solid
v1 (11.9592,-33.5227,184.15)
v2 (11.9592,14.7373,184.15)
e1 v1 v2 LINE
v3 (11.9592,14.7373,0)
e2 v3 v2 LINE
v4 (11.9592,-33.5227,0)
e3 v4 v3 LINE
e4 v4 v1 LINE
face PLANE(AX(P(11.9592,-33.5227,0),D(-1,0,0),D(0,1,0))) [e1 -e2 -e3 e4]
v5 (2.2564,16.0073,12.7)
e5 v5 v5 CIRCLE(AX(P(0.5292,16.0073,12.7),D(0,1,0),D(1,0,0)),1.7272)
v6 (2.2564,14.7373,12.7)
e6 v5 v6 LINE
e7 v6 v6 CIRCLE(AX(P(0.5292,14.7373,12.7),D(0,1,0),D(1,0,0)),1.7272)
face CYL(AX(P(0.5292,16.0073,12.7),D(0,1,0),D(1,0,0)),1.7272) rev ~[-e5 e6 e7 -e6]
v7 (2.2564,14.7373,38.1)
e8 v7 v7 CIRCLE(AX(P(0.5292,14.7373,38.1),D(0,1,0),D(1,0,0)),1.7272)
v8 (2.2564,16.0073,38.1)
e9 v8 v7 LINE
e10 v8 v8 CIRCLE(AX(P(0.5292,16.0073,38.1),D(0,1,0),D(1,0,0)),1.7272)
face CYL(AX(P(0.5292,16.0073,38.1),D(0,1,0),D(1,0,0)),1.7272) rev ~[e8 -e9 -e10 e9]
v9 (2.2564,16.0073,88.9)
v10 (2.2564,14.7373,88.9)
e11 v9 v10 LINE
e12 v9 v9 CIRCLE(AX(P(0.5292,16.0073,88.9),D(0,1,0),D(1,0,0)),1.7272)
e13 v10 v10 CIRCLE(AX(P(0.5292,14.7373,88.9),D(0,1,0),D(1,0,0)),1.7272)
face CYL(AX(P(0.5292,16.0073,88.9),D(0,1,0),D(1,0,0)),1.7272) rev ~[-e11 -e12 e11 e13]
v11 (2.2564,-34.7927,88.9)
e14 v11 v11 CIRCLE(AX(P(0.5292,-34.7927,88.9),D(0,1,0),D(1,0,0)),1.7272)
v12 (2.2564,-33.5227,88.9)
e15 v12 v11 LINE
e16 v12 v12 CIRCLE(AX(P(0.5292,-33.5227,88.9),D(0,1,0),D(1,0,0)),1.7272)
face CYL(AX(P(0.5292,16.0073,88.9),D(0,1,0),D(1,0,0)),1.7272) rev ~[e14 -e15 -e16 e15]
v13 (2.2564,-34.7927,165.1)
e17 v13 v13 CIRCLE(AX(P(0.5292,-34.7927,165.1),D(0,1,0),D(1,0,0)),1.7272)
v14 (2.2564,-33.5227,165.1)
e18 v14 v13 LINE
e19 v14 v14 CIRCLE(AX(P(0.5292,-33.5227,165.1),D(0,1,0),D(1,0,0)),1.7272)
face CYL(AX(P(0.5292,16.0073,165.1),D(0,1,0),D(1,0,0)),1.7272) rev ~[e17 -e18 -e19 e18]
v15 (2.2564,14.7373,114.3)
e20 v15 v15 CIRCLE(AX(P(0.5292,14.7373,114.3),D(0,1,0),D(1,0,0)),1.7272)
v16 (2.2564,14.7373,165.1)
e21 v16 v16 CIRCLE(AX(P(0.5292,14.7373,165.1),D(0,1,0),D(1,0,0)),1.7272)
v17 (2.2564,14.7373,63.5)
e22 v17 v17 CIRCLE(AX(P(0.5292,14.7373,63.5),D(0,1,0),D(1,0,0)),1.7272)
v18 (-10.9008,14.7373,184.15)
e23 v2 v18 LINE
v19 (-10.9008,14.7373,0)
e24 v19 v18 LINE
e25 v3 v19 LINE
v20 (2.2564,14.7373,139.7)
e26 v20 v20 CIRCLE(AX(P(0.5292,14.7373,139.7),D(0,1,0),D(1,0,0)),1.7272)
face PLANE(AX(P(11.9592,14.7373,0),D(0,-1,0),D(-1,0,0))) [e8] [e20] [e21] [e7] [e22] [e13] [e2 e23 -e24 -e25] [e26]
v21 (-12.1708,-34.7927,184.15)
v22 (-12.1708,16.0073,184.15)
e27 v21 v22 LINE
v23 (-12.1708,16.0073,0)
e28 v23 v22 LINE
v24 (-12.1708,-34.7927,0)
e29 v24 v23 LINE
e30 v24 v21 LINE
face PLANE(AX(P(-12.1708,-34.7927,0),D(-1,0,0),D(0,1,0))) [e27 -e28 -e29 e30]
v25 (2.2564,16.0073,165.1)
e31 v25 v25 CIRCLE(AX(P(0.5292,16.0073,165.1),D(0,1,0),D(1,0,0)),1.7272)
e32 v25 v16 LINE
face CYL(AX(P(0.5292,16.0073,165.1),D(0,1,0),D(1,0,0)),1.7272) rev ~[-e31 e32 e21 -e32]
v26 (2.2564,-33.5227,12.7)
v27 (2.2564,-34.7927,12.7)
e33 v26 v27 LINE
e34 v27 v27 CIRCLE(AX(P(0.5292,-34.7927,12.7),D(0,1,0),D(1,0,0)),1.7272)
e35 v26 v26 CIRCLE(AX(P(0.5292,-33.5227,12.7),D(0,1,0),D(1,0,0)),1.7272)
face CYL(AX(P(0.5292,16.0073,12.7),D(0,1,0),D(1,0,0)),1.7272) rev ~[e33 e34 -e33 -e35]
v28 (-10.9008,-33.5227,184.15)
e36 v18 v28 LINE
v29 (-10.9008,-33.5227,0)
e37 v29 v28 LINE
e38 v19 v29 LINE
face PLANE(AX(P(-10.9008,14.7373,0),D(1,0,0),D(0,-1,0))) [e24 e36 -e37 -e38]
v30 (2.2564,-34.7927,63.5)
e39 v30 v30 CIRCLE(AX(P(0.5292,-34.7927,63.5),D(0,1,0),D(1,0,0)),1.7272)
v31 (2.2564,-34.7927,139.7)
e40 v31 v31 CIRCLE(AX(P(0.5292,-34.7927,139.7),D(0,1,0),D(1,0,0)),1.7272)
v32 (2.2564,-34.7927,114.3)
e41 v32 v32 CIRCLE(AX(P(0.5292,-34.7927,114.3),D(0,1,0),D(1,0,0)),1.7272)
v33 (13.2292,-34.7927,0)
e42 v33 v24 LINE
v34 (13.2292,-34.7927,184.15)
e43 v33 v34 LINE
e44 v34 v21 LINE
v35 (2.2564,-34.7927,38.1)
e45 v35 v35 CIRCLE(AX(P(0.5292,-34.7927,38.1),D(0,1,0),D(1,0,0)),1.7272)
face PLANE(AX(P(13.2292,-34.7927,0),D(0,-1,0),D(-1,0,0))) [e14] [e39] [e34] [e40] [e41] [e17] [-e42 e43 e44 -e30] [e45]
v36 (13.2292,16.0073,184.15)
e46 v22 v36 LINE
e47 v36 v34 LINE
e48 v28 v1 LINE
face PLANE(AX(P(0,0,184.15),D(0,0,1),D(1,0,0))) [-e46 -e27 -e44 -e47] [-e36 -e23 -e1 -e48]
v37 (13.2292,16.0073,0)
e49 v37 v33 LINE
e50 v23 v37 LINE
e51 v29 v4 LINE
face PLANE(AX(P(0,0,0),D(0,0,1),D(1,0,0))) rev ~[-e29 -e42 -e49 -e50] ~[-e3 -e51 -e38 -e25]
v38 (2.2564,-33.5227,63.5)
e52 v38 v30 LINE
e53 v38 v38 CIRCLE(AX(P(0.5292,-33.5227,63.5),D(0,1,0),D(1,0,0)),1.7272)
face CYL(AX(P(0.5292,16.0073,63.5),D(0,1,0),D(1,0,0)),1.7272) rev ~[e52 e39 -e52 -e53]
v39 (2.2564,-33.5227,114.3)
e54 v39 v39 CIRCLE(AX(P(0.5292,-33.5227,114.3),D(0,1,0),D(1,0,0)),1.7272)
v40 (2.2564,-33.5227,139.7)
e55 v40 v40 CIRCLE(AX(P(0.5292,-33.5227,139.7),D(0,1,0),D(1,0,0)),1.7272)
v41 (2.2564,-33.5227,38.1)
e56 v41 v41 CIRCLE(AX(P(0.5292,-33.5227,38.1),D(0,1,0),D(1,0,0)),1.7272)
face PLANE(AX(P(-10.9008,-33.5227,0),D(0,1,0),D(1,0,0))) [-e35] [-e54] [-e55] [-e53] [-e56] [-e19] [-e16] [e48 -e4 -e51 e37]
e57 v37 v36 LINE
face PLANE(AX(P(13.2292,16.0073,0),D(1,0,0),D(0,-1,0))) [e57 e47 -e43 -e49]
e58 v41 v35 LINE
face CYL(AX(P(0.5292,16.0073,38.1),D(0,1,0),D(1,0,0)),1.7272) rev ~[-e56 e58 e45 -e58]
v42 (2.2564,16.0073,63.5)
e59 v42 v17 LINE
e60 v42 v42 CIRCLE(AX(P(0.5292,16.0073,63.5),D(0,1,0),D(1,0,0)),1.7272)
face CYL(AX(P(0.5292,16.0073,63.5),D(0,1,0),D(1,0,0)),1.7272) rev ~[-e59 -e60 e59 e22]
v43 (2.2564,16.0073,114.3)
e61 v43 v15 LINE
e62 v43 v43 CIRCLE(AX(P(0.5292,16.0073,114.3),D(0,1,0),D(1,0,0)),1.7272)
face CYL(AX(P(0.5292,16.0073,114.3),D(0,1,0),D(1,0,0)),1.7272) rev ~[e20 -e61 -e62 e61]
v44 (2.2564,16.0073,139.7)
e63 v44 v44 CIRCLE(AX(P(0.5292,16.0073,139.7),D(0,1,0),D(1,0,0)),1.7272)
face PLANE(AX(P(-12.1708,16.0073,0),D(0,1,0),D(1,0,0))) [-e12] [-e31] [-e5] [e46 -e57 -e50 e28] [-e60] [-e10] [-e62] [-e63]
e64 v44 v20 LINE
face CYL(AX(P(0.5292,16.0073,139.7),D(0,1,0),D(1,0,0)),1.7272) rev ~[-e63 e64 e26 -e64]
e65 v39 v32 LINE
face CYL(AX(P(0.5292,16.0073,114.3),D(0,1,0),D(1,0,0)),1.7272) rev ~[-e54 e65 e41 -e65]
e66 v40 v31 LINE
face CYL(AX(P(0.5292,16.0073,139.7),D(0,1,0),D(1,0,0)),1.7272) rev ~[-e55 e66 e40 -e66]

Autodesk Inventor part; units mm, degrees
ref_plane "YZ Plane" through (0, 0, 0) normal (1, 0, 0) x (0, 1, 0)
ref_plane "XZ Plane" through (0, 0, 0) normal (0, 1, 0) x (-1, 0, 0)
ref_plane "XY Plane" through (0, 0, 0) normal (0, 0, 1) x (1, 0, 0)
sketch "Sketch1" plane through (0, 0, 0) normal (0, 0, 1) x (1, 0, 0)
  line L0 (-12.1708, 16.0073) -> (13.2292, 16.0073)
  line L1 (13.2292, 16.0073) -> (13.2292, -34.7927)
  line L2 (13.2292, -34.7927) -> (-12.1708, -34.7927)
  line L3 (-12.1708, -34.7927) -> (-12.1708, 16.0073)
  line L4 (11.9592, 14.7373) -> (-10.9008, 14.7373)
  line L5 (-10.9008, 14.7373) -> (-10.9008, -33.5227)
  line L6 (-10.9008, -33.5227) -> (11.9592, -33.5227)
  line L7 (11.9592, -33.5227) -> (11.9592, 14.7373)
  point P0 (0, 0)
  dimension "d0" = 25.4
  dimension "d1" = 50.8
  dimension "d2" = 1.27
extrude "Extrusion1" add sketch "Sketch1" along normal blind 184.15
sketch "Sketch2" plane through (-12.1708, 16.0073, 0) normal (0, 1, 0) x (1, 0, 0)
  circle A0 centre (12.7, -12.7) radius 1.7272
  line L0 (25.4, 0) -> (0, 0) projected
  line L1 (0, 0) -> (0, -184.15) projected
  point P0 (12.1708, 0)
  dimension "d5" = 3.4544
  dimension "d6" = 12.7
  dimension "d7" = 12.7
extrude "Extrusion2" cut sketch "Sketch2" against normal through all
pattern_linear "Rectangular Pattern1" count 71 spacing 25.4 along (0, 0, 1) of "Extrusion2"
equation "\"d10\" = d14"
equation "\"d13\" = 711.2"
equation "\"d14\" = d13"
properties part number "VersaFrame_IndexSupp"
